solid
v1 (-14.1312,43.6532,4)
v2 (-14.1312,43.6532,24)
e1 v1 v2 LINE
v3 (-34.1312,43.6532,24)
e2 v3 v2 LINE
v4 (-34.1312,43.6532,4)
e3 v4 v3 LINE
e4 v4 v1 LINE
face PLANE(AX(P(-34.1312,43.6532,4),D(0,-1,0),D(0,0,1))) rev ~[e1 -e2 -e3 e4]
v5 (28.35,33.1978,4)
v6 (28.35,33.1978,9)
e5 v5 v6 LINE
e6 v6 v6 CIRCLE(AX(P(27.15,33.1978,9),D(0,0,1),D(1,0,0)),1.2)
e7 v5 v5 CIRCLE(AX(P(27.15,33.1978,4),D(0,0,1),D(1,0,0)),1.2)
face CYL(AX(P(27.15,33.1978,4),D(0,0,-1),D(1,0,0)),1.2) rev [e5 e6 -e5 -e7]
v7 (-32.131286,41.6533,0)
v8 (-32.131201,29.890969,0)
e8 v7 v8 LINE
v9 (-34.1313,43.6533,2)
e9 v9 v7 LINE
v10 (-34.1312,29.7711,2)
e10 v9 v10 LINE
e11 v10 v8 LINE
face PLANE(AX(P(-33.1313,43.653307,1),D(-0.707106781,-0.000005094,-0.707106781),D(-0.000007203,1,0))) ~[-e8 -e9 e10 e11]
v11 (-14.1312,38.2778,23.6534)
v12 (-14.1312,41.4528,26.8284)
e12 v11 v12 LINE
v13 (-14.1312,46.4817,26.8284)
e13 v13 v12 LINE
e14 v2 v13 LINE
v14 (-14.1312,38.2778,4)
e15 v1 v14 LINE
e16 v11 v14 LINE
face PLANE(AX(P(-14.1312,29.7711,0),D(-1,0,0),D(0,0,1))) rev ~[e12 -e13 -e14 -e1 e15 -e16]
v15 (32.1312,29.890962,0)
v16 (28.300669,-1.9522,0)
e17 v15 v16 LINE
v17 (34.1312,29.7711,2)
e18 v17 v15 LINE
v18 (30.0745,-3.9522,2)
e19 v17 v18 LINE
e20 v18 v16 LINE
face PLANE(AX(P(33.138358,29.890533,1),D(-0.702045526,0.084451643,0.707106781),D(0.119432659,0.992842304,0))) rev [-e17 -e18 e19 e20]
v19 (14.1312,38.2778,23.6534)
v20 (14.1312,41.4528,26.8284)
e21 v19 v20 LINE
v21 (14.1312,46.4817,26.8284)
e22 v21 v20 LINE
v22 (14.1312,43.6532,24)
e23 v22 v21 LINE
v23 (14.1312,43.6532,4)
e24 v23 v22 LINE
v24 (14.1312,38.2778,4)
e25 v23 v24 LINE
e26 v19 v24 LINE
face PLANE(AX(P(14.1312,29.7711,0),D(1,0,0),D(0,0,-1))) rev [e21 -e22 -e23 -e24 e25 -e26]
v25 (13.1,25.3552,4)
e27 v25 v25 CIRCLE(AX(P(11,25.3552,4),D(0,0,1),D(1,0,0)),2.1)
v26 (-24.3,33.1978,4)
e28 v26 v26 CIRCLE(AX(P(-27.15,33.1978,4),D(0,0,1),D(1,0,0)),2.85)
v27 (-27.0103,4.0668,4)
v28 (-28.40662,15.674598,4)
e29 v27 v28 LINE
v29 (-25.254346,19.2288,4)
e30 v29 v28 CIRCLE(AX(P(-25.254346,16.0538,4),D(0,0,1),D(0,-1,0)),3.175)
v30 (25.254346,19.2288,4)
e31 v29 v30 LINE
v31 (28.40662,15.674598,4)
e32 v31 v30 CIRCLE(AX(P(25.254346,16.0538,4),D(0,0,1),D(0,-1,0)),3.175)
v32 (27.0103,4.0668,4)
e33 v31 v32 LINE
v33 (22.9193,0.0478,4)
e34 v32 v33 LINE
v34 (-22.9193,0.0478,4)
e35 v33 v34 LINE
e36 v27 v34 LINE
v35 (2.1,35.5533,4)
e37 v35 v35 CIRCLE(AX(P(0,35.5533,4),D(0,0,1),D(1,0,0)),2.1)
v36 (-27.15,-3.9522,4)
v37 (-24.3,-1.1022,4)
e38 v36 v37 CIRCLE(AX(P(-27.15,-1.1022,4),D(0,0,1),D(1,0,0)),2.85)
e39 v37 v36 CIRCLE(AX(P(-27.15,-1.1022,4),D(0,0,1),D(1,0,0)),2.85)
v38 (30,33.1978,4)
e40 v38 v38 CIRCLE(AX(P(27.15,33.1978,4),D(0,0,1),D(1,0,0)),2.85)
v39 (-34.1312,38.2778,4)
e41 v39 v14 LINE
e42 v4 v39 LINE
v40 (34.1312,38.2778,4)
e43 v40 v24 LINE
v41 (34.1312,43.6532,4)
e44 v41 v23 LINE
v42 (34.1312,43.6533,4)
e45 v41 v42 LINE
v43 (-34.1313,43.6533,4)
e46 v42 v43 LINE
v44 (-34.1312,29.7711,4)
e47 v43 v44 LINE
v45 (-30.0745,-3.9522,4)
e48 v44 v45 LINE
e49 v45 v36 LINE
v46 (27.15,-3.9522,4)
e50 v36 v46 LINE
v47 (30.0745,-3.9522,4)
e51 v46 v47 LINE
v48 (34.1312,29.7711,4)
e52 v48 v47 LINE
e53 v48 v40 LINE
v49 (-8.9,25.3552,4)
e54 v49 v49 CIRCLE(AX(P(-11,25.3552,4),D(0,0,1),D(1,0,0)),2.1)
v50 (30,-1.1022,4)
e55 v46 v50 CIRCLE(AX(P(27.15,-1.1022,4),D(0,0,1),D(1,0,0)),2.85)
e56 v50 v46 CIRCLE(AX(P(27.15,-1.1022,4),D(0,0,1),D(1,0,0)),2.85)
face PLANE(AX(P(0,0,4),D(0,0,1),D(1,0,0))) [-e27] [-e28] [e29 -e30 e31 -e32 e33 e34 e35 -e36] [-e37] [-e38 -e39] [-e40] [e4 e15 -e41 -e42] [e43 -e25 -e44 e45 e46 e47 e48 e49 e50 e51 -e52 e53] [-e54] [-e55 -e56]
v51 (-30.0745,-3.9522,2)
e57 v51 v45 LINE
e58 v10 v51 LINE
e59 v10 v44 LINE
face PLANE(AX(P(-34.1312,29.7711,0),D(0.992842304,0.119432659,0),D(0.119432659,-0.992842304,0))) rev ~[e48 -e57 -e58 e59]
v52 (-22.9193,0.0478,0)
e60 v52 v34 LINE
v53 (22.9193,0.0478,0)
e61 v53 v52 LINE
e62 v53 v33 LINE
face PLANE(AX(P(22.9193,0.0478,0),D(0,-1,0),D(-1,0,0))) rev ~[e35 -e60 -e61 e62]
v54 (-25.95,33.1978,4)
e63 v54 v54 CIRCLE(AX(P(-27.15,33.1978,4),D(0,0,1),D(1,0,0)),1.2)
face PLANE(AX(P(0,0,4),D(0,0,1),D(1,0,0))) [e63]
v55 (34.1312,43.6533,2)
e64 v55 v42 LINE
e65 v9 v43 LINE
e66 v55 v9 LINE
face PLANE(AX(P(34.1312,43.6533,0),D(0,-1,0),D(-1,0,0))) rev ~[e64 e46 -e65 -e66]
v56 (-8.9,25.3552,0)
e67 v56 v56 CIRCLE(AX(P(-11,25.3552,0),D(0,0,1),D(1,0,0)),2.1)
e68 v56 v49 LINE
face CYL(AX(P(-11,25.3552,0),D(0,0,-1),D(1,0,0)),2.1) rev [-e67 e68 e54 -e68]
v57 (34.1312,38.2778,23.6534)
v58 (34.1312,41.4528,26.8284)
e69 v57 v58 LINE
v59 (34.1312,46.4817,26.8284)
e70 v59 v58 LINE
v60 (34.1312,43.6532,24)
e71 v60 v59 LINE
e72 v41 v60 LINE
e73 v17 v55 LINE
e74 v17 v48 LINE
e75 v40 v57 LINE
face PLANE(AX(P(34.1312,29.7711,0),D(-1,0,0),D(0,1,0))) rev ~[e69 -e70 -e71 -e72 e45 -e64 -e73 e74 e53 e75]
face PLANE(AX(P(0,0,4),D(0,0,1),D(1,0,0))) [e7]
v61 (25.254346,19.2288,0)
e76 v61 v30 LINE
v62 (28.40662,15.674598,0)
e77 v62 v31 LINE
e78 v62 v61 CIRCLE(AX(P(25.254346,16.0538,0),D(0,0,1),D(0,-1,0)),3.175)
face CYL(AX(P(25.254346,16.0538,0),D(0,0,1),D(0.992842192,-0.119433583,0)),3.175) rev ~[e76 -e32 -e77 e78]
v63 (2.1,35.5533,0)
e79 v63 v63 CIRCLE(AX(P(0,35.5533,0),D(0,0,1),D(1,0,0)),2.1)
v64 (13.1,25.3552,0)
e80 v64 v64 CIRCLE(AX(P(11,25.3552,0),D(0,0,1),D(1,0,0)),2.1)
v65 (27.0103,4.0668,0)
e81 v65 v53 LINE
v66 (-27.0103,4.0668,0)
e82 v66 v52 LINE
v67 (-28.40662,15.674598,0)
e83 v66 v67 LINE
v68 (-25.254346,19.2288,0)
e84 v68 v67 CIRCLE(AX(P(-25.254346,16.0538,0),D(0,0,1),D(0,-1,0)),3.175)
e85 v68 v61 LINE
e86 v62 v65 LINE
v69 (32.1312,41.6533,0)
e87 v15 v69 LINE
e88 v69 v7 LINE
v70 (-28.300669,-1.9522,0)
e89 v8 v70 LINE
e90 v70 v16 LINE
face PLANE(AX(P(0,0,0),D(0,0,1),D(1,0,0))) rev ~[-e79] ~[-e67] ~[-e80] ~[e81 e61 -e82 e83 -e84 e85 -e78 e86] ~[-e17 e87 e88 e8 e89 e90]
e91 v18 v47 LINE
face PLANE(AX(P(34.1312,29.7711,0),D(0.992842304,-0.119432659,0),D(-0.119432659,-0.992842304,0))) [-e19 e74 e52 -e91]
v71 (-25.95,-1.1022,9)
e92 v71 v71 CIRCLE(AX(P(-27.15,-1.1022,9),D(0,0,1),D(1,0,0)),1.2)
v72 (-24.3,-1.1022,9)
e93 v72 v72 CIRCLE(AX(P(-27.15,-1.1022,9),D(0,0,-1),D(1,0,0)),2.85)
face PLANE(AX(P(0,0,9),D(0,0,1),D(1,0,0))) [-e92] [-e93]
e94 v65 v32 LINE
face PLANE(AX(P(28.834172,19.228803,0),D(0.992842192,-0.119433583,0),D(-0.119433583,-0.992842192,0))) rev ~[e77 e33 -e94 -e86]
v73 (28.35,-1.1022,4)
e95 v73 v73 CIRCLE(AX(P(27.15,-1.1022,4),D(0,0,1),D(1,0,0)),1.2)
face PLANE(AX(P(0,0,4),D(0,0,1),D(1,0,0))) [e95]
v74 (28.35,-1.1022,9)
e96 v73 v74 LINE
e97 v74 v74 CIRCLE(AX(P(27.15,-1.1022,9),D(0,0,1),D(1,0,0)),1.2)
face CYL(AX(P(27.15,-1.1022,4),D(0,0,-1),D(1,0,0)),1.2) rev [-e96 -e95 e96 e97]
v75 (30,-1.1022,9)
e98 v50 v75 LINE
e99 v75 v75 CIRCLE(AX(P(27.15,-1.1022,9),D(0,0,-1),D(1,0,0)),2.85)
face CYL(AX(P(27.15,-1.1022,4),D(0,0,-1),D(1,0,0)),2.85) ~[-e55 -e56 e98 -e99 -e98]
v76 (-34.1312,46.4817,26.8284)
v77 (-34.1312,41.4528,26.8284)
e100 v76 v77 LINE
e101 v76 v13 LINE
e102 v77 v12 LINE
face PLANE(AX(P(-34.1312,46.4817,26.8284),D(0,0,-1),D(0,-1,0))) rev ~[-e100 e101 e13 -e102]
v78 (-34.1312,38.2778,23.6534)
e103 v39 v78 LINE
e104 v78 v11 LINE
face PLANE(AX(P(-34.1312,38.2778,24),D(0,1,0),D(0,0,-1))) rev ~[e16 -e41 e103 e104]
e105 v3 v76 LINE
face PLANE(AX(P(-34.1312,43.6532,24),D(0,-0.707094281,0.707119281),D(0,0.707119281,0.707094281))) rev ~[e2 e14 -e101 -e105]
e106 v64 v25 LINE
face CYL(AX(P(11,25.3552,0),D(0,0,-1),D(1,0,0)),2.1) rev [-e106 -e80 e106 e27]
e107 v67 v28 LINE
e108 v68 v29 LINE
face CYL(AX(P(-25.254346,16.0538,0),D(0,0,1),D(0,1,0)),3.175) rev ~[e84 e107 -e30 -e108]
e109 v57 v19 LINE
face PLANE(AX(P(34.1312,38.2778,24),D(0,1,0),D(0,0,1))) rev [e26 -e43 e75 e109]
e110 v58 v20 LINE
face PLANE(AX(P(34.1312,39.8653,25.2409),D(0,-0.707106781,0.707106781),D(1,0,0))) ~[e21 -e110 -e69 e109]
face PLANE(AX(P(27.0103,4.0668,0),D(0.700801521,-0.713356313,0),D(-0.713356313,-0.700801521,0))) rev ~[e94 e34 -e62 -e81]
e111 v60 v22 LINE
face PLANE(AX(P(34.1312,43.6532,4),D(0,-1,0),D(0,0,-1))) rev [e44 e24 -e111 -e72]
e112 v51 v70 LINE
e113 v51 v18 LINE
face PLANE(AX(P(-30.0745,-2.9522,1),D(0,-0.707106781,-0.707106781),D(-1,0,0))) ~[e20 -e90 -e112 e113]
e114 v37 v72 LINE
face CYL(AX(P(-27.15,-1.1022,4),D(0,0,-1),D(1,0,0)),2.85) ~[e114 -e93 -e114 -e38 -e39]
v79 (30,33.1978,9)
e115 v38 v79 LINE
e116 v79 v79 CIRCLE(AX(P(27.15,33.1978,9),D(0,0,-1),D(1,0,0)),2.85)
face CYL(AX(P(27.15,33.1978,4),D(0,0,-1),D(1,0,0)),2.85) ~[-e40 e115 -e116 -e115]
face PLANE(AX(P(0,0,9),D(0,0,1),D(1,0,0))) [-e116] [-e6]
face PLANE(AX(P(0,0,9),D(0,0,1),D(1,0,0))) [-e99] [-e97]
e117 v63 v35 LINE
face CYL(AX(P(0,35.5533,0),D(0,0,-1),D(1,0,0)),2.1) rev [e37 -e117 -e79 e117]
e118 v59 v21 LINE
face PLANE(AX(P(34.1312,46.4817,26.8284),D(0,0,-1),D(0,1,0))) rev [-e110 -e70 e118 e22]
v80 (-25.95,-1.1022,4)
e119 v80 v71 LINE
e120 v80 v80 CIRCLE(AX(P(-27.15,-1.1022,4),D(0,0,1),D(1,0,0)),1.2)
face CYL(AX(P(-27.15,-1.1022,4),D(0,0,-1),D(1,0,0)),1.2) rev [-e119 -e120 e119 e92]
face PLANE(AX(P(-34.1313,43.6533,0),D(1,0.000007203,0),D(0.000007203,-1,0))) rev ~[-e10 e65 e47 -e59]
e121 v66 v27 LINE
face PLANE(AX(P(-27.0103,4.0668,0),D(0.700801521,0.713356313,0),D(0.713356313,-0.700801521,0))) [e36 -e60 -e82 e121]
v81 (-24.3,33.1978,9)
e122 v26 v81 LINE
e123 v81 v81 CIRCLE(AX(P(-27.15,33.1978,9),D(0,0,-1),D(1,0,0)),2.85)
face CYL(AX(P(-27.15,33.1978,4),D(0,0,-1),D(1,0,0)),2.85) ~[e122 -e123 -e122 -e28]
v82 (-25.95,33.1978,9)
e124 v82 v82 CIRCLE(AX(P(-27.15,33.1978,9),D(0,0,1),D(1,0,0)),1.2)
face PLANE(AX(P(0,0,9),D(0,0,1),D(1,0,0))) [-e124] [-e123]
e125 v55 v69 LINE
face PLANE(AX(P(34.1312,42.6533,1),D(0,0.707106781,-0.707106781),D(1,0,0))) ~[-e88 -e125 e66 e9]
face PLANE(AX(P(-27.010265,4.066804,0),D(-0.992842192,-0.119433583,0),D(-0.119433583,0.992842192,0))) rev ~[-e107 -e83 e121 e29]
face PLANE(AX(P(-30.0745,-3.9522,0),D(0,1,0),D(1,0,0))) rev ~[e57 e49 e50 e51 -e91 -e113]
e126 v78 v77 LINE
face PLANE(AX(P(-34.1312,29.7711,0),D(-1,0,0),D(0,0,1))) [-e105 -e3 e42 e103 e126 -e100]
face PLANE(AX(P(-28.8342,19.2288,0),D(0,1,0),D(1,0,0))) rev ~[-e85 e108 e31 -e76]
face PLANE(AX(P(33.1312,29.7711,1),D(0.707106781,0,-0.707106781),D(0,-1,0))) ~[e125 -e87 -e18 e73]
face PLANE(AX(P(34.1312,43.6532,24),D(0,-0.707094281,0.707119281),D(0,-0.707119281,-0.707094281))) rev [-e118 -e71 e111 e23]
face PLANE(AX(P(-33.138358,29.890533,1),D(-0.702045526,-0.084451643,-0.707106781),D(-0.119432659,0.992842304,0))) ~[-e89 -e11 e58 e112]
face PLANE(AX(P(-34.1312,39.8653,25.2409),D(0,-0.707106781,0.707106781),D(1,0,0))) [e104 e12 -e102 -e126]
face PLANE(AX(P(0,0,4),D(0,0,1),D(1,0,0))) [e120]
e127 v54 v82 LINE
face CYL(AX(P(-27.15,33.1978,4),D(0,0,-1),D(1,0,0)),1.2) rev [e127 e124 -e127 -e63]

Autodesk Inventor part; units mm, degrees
ref_plane "XZ Plane" through (0, 0, 0) normal (0, 1, 0) x (-1, 0, 0)
ref_plane "XY Plane" through (0, 0, 0) normal (0, 0, 1) x (1, 0, 0)
sketch "Sketch1" plane through (0, 0, 0) normal (0, 0, 1) x (1, 0, 0)
  circle A0 centre (0, 35.5533) radius 2.1 projected
  circle A1 centre (11, 25.3552) radius 2.1 projected
  circle A2 centre (-11, 25.3552) radius 2.1 projected
  circle A3 centre (6.25, -60.9016) radius 2.1 projected
  circle A4 centre (-33.6286, -15.6738) radius 2.1 projected
  circle A5 centre (-5.75, -60.9016) radius 2.1 projected
  circle A6 centre (34.1286, -15.6738) radius 2.1 projected
  circle A7 centre (-24.1373, -40.1344) radius 6.75 projected
  circle A8 centre (24.6373, -40.1344) radius 6.75 projected
  circle A9 centre (10.7484, -21.5639) radius 2.1 projected
  circle A10 centre (-10.2484, -21.5639) radius 2.1 projected
  line L0 (-59, -41.44) -> (-59, -14.3421) projected
  line L1 (-59, -41.44) -> (-53, -41.44) projected
  line L2 (-53, -41.44) -> (-53, -91.44) projected
  line L3 (-53, -91.44) -> (53, -91.44) projected
  line L4 (53, -91.44) -> (53, -41.44) projected
  line L5 (53, -41.44) -> (59, -41.44) projected
  line L6 (59, -14.3421) -> (59, -41.44) projected
  line L7 (59, -14.3421) -> (54, -14.3421) projected
  line L8 (54, -14.3421) -> (54, 35.0192) projected
  line L9 (54, 35.0192) -> (59, 35.0192) projected
  line L10 (59, 80.19) -> (59, 35.0192) projected
  line L11 (59, 80.19) -> (46.35, 80.19) projected
  line L12 (46.35, 80.19) -> (46.35, 63.44) projected
  line L13 (46.35, 63.44) -> (-46.35, 63.44) projected
  line L14 (-46.35, 63.44) -> (-46.35, 80.19) projected
  line L15 (-46.35, 80.19) -> (-59, 80.19) projected
  line L16 (-59, 35.0192) -> (-59, 80.19) projected
  line L17 (-59, 35.0192) -> (-54, 35.0192) projected
  line L18 (-54, 35.0192) -> (-54, -14.3421) projected
  line L19 (-54, -14.3421) -> (-59, -14.3421) projected
  circle A11 centre (0, 35.5533) radius 6.1 construction
  line L20 (34.1312, 49.9126) -> (34.1312, 18.1374) construction
  line L21 (-34.1313, 18.1374) -> (-34.1313, 49.9126) construction
  line L22 (34.1312, 43.6533) -> (-34.1313, 43.6533)
  line L23 (-34.1313, 43.6533) -> (-34.1312, 29.7711)
  line L24 (-30.0745, -3.9522) -> (30.0745, -3.9522)
  line L25 (34.1312, 29.7711) -> (34.1312, 43.6533)
  line L26 (-30, -3.9121) -> (30, -3.9121) construction
  line L27 (30, -3.9121) -> (30, 36.0879) construction
  line L28 (30, 36.0879) -> (-30, 36.0879) construction
  line L29 (-30, 36.0879) -> (-30, -3.9121) construction
  line L30 (-30, -3.9121) -> (30, 36.0879) construction
  line L31 (30, -3.9121) -> (-30, 36.0879) construction
  line L32 (-34.1312, 29.7711) -> (-30.0745, -3.9522)
  line L33 (0, 16.0879) -> (0, 8.3045) construction
  line L34 (34.1312, 29.7711) -> (30.0745, -3.9522)
  line L35 (26.5268, 0.0478) -> (-26.5268, 0.0478)
  line L36 (-26.5268, 0.0478) -> (-30.1312, 30.0109)
  line L37 (-30.1312, 30.0109) -> (-30.1312, 39.6533)
  line L38 (-30.1312, 39.6533) -> (30.1312, 39.6533)
  line L39 (30.1312, 39.6533) -> (30.1312, 30.0109)
  line L40 (30.1312, 30.0109) -> (26.5268, 0.0478)
  line L41 (-28.8342, 19.2288) -> (28.8342, 19.2288)
  line L42 (-27.0103, 4.0668) -> (-22.9193, 0.0478)
  line L43 (27.0103, 4.0668) -> (22.9193, 0.0478)
  point P0 (0, 0)
  point P1 (30.0601, -3.9522)
  point P2 (34.1312, 29.891)
  point P3 (22.9193, 0.0478)
  dimension "d0" = 4
  dimension "d3" = 60
  dimension "d4" = 40
  dimension "d5" = 4
extrude "Extrusion1" add sketch "Sketch1" along normal blind 4 contours L25 L34 L24 L32 L23 L22 | L35 L43 L40 | L35 L36 L42 | L41 L36 L37 L38 L39 L40
sketch "Sketch2" plane through (0, 0, 4) normal (0, 0, 1) x (1, 0, 0)
  line L0 (-30, 36.0478) -> (30, 36.0478)
  line L1 (30, 36.0478) -> (30, -3.9522)
  line L2 (30, -3.9522) -> (-30, -3.9522)
  line L3 (-30, -3.9522) -> (-30, 36.0478)
  line L4 (-30, 36.0478) -> (30, -3.9522) construction
  line L5 (30, 36.0478) -> (-30, -3.9522) construction
  line L6 (-30.0745, -3.9522) -> (30.0745, -3.9522) construction
  circle A0 centre (27.15, -1.1022) radius 1 construction
  circle A1 centre (27.15, -1.1022) radius 1.2
  circle A2 centre (27.15, -1.1022) radius 2.85
  line L7 (30, 16.0478) -> (-30, 16.0478) construction
  line L8 (0, 36.0478) -> (0, -3.9522) construction
  circle A3 centre (27.15, 33.1978) radius 1.2
  circle A4 centre (27.15, 33.1978) radius 2.85
  circle A5 centre (-27.15, -1.1022) radius 1.2
  circle A6 centre (-27.15, -1.1022) radius 2.85
  circle A7 centre (-27.15, 33.1978) radius 1.2
  circle A8 centre (-27.15, 33.1978) radius 2.85
  point P0 (0, 0)
  point P1 (0, 16.0478)
  dimension "d6" = 60
  dimension "d7" = 40
  dimension "d8" = 2
  dimension "d9" = 2.85
  dimension "d10" = 2.85
  dimension "d11" = 0.2
extrude "Extrusion2" add sketch "Sketch2" along normal blind 5 contours A8 | A4 | A6 | A2
sketch "Sketch3" plane through (-34.1312, 29.7711, 0) normal (-1, 0, 0) x (0, 0, 1)
  line L0 (4, 13.8821) -> (4, 0) projected
  line L1 (4, 13.8821) -> (24, 13.8821)
  line L2 (24, 13.8821) -> (24, 8.5067)
  line L3 (24, 8.5067) -> (4, 8.5067)
  line L4 (4, 8.5067) -> (4, 13.8821)
  line L5 (24, 13.8821) -> (26.8284, 16.7106)
  line L6 (24, 13.8821) -> (28, 13.8821) construction
  line L7 (26.8284, 16.7106) -> (26.8284, 8.5067)
  line L8 (26.8284, 8.5067) -> (24, 8.5067)
  point P0 (0, -29.7711)
  point P1 (4, 8.5067)
  dimension "d14" = 20
  dimension "d15" = 4
  dimension "d16" = 45
extrude "Extrusion3" add sketch "Sketch3" against normal blind 20
chamfer "Chamfer1" distance 3.175 angle 45 1 edges at (-24.1313, 38.2779, 26.8284)
chamfer "Chamfer2" distance 2 angle 45 6 edges at (-32.1029, 12.9095, 0) (0, -3.9522, 0) (32.1029, 12.9095, 0) (34.1312, 36.7122, 0) (0, 43.6533, 0) (-34.1313, 36.7122, 0)
fillet "Fillet1" radius 3.175 2 edges at (28.8342, 19.2288, 2) (-28.8342, 19.2288, 2)
mirror "Mirror1" about plane through (0, 0, 0) normal (1, 0, 0) of "Extrusion3", "Chamfer1"
equation "\"d10\" = d9"
properties part number "Esp32_Holder"
